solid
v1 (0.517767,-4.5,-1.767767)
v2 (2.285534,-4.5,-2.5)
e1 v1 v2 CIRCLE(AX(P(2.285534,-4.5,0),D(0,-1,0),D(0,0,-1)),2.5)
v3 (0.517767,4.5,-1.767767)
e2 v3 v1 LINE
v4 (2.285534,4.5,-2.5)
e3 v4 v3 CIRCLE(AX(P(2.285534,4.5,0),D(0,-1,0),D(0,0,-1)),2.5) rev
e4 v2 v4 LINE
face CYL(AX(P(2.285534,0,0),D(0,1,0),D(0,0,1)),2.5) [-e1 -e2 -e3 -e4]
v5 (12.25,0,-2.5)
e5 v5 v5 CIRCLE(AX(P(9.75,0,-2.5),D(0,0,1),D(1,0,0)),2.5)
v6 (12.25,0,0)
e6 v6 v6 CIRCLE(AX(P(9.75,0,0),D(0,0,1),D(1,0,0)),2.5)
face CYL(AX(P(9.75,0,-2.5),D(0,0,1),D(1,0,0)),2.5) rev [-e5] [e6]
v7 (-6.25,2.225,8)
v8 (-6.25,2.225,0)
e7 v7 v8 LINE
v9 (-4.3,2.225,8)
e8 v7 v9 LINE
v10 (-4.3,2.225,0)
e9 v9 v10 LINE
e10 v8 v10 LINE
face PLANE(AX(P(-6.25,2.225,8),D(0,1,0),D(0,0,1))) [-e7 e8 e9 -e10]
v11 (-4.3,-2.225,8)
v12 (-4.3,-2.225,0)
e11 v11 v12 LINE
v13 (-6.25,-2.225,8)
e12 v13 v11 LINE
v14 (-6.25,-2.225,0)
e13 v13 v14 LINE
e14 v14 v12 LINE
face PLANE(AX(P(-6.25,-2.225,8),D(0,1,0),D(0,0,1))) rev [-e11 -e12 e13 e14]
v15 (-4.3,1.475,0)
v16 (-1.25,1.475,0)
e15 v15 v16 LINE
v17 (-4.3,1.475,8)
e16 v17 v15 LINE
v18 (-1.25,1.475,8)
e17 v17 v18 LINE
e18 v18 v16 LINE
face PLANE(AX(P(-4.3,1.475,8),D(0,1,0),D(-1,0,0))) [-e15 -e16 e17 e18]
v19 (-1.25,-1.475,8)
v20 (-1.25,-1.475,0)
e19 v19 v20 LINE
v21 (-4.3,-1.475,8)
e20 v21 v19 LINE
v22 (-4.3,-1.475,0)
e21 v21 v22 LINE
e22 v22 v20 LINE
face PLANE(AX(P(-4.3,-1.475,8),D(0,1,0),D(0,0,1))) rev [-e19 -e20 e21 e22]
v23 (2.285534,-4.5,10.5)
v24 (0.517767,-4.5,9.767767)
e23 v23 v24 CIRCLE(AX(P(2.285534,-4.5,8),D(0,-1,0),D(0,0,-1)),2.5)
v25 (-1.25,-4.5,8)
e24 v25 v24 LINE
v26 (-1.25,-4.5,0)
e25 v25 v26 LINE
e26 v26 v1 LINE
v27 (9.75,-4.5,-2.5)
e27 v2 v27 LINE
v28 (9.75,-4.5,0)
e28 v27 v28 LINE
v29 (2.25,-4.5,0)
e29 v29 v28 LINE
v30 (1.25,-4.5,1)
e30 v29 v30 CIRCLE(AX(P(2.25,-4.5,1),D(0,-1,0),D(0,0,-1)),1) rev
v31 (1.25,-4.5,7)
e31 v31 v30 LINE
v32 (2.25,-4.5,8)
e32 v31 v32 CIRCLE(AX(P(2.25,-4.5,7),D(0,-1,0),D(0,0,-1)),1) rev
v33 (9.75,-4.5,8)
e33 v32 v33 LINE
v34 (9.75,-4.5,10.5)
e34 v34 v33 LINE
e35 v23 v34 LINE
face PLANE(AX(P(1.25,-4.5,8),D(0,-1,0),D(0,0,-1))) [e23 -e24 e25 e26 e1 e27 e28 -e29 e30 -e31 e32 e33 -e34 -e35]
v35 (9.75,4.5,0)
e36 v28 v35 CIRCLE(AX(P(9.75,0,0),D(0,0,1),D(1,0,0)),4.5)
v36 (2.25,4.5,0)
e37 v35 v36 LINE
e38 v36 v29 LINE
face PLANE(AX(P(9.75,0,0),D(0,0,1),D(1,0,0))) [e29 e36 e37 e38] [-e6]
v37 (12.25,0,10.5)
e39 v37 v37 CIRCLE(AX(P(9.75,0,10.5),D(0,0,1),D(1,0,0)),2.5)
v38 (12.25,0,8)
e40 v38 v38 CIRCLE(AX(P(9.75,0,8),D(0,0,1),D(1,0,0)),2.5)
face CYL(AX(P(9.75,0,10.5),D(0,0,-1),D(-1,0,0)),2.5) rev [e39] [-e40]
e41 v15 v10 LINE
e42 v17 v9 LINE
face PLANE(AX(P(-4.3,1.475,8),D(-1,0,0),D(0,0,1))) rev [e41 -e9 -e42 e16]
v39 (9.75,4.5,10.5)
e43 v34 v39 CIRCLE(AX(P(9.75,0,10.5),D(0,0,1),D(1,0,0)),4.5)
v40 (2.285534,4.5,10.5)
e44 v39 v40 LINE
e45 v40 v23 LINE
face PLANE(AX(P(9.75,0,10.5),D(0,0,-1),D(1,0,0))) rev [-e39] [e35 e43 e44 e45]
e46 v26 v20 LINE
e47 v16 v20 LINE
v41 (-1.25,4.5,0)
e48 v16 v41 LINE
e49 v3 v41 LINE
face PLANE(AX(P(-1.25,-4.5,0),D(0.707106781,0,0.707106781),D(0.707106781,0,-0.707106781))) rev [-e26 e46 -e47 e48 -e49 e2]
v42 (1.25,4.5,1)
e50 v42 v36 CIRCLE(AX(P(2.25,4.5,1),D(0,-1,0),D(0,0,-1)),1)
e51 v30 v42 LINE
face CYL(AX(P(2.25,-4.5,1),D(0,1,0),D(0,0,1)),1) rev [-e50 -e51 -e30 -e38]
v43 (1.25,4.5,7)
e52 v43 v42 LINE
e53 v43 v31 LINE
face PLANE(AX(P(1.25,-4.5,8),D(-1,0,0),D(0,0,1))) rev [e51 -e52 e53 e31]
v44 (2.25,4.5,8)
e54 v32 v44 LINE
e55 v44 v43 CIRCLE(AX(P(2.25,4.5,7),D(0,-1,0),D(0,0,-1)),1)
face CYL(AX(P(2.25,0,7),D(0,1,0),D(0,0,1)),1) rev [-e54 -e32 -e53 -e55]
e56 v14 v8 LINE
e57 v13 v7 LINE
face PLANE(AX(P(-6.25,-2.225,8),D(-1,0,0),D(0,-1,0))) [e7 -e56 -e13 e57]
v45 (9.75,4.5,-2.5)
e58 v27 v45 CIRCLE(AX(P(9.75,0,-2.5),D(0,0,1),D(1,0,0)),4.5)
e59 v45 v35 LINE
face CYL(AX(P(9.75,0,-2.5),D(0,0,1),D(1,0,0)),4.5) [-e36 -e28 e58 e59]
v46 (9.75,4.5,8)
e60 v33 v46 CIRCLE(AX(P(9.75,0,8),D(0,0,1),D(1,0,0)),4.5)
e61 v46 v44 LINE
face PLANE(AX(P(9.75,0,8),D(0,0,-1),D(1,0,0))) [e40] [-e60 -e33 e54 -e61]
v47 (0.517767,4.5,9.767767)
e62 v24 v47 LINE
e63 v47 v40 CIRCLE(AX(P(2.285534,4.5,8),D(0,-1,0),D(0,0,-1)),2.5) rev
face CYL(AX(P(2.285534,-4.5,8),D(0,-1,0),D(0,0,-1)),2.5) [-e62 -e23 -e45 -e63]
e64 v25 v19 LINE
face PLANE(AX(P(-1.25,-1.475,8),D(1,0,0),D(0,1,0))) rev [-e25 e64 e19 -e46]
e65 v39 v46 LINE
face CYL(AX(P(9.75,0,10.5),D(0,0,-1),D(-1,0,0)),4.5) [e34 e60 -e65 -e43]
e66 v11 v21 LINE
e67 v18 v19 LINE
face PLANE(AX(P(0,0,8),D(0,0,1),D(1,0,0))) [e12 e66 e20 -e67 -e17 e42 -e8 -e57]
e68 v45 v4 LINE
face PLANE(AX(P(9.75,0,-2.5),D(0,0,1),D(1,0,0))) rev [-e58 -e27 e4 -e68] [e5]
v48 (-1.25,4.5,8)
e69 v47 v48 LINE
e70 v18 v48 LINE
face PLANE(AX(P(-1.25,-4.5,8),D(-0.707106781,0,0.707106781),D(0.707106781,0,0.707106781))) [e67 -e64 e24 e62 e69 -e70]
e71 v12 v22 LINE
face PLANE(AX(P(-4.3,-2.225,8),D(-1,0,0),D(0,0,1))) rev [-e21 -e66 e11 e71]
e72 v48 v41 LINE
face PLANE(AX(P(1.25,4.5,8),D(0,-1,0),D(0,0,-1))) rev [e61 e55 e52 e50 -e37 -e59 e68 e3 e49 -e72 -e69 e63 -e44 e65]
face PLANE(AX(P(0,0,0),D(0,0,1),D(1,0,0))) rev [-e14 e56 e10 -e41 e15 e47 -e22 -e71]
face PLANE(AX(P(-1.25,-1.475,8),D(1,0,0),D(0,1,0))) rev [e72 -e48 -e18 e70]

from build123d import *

# Parameters (mm, degrees)
BOSS_EXTRUDE1_DEPTH  = 8
SKETCH2_R            = 2.5
BOSS_EXTRUDE3_DEPTH  = 2.5
CUT_EXTRUDE2_DEPTH   = 19.656433207
FILLET5_R            = 1
FILLET6_R            = 2.5
FILLET5_OF_MIRROR2_R = 1
FILLET6_OF_MIRROR2_R = 2.5


with BuildPart() as part:
    # Sketch1 → Boss-Extrude1 (new body)
    with BuildSketch(Plane.XY):
        Polygon((1.25, -4.5), (-1.25, -4.5), (-1.25, -1.475), (-4.3, -1.475), (-4.3, -2.225), (-6.25, -2.225), (-6.25, 2.225), (-4.3, 2.225), (-4.3, 1.475), (-1.25, 1.475), (-1.25, 4.5), (1.25, 4.5), align=None)
    extrude(amount=BOSS_EXTRUDE1_DEPTH)

    # Sketch2 → Boss-Extrude3 (add)
    with BuildSketch(Plane.XY):
        with BuildLine():
            Line((9.75, -4.5), (-1.25, -4.5))
            Line((-1.25, -4.5), (-1.25, 4.5))
            Line((-1.25, 4.5), (9.75, 4.5))
            ThreePointArc((9.75, 4.5), (14.25, 0), (9.75, -4.5))
        make_face()
        with Locations((9.75, 0)):
            Circle(SKETCH2_R, mode=Mode.SUBTRACT)
    boss_extrude3 = extrude(amount=-BOSS_EXTRUDE3_DEPTH)

    # Sketch5 → Cut-Extrude2 (cut, symmetric)
    with BuildSketch(Plane(origin=(0, 4.5, 0), x_dir=(1, 0, 0), z_dir=(0, 1, 0))):
        Polygon((-1.25, 2.5), (1.25, 2.5), (-1.25, 0), align=None)
    cut_extrude2 = extrude(amount=CUT_EXTRUDE2_DEPTH, both=True, mode=Mode.SUBTRACT)

    # Fillet5
    fillet5_edges = [part.edges().sort_by_distance(p)[0] for p in [
        (1.25, 0, 0),
    ]]
    fillet(fillet5_edges, radius=FILLET5_R)

    # Fillet6
    fillet6_edges = [part.edges().sort_by_distance(p)[0] for p in [
        (1.25, 0, -2.5),
    ]]
    fillet(fillet6_edges, radius=FILLET6_R)

    # Mirror2: Boss-Extrude3, Cut-Extrude2 across plane
    add(boss_extrude3.mirror(Plane(origin=(0, 0, 4), x_dir=(1, 0, 0), z_dir=(0, 0, -1))))
    add(cut_extrude2.mirror(Plane(origin=(0, 0, 4), x_dir=(1, 0, 0), z_dir=(0, 0, -1))), mode=Mode.SUBTRACT)

    # Fillet5 of Mirror2
    fillet5_of_mirror2_edges = [part.edges().sort_by_distance(p)[0] for p in [
        (1.25, 0, 8),
    ]]
    fillet(fillet5_of_mirror2_edges, radius=FILLET5_OF_MIRROR2_R)

    # Fillet6 of Mirror2
    fillet6_of_mirror2_edges = [part.edges().sort_by_distance(p)[0] for p in [
        (1.25, 0, 10.5),
    ]]
    fillet(fillet6_of_mirror2_edges, radius=FILLET6_OF_MIRROR2_R)


solid = part.part
